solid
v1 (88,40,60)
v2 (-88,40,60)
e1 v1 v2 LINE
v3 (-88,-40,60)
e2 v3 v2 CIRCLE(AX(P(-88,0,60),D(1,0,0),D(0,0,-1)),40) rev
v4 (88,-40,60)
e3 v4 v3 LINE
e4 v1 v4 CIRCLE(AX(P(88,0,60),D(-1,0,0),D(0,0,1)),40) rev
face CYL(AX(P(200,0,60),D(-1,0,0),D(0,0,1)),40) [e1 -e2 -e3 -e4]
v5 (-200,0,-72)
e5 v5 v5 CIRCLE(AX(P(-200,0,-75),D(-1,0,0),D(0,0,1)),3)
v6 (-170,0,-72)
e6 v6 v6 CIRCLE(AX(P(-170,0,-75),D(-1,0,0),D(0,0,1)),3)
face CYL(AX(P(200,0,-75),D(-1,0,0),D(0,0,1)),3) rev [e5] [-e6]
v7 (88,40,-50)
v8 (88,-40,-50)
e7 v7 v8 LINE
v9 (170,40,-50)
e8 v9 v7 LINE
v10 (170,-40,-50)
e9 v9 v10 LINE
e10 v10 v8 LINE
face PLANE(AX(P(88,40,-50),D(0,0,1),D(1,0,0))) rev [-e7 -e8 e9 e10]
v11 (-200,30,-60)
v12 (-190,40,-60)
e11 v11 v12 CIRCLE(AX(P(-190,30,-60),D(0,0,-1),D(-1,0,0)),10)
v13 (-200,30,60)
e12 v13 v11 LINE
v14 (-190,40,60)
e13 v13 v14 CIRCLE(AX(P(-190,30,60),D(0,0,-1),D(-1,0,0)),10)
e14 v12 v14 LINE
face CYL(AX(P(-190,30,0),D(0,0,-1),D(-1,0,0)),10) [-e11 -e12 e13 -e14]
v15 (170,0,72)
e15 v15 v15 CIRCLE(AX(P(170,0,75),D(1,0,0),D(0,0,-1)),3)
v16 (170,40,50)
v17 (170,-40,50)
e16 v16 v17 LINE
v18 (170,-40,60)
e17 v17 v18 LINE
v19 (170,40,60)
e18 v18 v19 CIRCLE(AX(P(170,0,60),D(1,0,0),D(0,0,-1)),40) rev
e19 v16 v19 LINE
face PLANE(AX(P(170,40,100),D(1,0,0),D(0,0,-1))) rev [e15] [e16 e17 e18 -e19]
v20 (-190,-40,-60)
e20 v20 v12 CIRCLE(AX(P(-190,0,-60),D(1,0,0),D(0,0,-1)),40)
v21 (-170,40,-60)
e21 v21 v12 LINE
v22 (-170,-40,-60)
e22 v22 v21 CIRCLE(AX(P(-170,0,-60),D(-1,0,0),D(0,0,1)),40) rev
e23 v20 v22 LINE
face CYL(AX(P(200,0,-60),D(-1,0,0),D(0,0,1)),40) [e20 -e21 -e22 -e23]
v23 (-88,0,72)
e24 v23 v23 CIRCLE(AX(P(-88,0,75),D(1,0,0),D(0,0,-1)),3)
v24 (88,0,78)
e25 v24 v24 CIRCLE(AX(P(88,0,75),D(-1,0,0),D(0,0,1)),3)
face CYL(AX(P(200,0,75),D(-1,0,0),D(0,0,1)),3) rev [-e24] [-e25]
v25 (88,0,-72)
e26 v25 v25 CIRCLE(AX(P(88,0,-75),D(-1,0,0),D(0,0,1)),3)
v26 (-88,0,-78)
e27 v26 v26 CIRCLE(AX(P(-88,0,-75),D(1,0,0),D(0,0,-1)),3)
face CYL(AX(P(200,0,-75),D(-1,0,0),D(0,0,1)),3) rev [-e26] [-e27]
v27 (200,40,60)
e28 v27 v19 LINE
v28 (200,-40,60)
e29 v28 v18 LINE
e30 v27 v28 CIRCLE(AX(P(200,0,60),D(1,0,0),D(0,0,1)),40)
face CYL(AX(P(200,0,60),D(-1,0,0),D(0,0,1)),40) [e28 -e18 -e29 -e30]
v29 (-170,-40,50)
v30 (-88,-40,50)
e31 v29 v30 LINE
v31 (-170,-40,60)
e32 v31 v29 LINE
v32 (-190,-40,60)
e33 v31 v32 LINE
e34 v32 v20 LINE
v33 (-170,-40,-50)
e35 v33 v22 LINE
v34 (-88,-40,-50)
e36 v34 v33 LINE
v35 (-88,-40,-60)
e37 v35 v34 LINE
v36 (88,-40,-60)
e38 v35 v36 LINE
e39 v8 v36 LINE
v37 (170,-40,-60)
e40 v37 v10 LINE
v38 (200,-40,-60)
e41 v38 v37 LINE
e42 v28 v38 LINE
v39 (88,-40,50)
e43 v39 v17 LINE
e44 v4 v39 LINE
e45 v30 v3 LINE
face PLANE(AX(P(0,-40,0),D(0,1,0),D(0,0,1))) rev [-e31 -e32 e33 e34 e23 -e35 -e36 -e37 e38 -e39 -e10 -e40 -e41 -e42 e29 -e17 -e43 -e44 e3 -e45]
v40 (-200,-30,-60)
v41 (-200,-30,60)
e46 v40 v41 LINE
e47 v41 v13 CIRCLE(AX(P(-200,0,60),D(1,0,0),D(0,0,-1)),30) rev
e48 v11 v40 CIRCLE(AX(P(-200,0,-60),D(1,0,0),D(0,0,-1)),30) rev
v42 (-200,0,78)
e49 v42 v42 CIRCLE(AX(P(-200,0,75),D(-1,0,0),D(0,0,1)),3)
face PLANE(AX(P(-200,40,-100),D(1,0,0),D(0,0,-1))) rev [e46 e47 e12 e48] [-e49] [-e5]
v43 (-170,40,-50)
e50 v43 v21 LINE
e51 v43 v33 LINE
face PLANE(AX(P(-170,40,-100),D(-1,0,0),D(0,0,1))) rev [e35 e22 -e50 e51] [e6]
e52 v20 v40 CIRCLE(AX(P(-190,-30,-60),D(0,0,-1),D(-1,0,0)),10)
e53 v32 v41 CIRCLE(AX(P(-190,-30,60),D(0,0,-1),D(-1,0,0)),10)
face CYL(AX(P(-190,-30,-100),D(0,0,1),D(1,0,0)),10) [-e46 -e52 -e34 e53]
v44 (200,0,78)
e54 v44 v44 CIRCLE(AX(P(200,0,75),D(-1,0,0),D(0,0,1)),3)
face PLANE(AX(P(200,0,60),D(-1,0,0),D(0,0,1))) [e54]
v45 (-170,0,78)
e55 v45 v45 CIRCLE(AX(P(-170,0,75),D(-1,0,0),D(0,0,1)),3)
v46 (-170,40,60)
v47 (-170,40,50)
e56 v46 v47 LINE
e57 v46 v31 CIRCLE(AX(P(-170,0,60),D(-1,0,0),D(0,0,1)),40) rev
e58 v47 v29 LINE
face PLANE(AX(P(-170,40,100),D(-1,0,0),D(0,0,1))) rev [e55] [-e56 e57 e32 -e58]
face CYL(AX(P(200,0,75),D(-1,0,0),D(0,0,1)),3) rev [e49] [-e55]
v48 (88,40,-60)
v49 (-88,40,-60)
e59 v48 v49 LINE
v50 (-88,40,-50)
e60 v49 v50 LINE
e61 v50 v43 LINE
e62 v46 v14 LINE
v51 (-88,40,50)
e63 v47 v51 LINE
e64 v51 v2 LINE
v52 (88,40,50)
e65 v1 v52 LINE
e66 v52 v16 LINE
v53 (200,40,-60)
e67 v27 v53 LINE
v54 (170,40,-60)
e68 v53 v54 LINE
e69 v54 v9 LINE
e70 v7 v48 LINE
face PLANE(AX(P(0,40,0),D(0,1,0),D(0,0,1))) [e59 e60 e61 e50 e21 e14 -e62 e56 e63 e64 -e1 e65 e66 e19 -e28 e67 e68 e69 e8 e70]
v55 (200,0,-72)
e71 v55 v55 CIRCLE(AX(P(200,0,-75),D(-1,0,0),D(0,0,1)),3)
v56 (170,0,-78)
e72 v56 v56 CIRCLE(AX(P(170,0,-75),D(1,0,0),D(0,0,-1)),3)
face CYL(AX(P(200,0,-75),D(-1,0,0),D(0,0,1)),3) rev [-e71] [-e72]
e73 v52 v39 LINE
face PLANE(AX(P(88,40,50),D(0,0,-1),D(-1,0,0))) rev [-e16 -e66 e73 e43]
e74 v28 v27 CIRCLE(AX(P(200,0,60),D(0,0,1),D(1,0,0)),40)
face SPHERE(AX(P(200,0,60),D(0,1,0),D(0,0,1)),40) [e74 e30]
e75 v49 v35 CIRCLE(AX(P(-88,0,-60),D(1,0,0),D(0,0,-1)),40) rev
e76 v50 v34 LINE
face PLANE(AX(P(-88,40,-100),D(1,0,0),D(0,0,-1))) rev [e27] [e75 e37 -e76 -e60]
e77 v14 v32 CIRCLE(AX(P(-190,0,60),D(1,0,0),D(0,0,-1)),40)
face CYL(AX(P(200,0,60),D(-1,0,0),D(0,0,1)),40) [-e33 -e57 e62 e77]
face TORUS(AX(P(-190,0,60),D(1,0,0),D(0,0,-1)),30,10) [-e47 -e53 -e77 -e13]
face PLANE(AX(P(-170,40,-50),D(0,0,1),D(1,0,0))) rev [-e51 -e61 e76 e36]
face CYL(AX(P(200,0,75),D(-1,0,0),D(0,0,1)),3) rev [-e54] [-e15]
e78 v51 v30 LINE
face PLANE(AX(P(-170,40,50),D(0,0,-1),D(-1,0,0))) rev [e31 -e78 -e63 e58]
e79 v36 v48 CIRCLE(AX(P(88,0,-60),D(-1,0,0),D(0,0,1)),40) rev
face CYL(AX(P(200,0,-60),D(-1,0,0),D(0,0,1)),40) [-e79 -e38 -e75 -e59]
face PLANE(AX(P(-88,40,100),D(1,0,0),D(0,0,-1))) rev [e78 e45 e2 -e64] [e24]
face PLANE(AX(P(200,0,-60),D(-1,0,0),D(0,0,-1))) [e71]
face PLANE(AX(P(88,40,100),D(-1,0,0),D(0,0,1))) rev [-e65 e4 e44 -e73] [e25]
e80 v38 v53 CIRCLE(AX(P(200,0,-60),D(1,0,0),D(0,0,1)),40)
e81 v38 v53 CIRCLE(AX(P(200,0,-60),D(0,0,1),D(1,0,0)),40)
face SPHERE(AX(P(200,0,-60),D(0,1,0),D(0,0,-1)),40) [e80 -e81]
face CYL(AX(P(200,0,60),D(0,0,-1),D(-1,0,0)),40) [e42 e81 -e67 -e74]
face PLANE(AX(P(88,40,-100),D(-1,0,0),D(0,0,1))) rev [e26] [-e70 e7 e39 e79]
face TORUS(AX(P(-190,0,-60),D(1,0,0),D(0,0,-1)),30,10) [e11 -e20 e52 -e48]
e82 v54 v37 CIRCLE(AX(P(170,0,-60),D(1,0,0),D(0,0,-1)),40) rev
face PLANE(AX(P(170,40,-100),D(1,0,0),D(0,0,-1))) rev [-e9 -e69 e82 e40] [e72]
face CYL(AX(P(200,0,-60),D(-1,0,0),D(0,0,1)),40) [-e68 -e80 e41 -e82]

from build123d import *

# Parameters (mm, degrees)
BOSS_EXTRUDE1_DEPTH     = 40
CUT_EXTRUDE1_DEPTH      = 308.480080656
CUT_EXTRUDE1_DEPTH_BACK = 308.480080656
SKETCH2_R               = 3
CUT_EXTRUDE2_DEPTH      = 308.480080656
CUT_EXTRUDE2_DEPTH_BACK = 308.480080656
SKETCH3_R               = 3
CUT_EXTRUDE3_DEPTH      = 415.246303544
CUT_EXTRUDE3_DEPTH_BACK = 415.246303544
CUT_EXTRUDE4_DEPTH      = 415.246303544
CUT_EXTRUDE4_DEPTH_BACK = 415.246303544
BOSS_EXTRUDE3_DEPTH     = 60
REVOLVE1_ANGLE          = 90
FILLET1_R               = 10


with BuildPart() as part:
    # Sketch1 → Boss-Extrude1 (new, symmetric)
    with BuildSketch(Plane(origin=(0, 0, 0), x_dir=(1, 0, 0), z_dir=(0, 1, 0))):
        Polygon((-200, 100), (-170, 100), (-170, 50), (-88, 50), (-88, 100), (88, 100), (88, 50), (170, 50), (170, 100), (200, 100), (200, -100), (170, -100), (170, -50), (88, -50), (88, -100), (-88, -100), (-88, -50), (-170, -50), (-170, -100), (-200, -100), align=None)
    extrude(amount=BOSS_EXTRUDE1_DEPTH, both=True)

    # Sketch2 → Cut-Extrude1 (cut, two sides: drawn at the far end of the back side and taken through both)
    with BuildSketch(Plane.ZY.offset(88).offset(-CUT_EXTRUDE1_DEPTH_BACK)):
        with Locations((-75, 0)):
            Circle(SKETCH2_R)
    extrude(amount=CUT_EXTRUDE1_DEPTH + CUT_EXTRUDE1_DEPTH_BACK, mode=Mode.SUBTRACT)

    # Sketch3 → Cut-Extrude2 (cut, two sides: drawn at the far end of the back side and taken through both)
    with BuildSketch(Plane.ZY.offset(88).offset(-CUT_EXTRUDE2_DEPTH_BACK)):
        with Locations((75, 0)):
            Circle(SKETCH3_R)
    extrude(amount=CUT_EXTRUDE2_DEPTH + CUT_EXTRUDE2_DEPTH_BACK, mode=Mode.SUBTRACT)

    # Sketch4 → Cut-Extrude3 (cut, two sides: drawn at the far end of the back side and taken through both)
    with BuildSketch(Plane.ZY.offset(200).offset(-CUT_EXTRUDE3_DEPTH_BACK)):
        with BuildLine():
            Line((-60, -40), (-60, -70.289993794))
            Line((-60, -70.289993794), (-136.864216991, -70.289993794))
            Line((-136.864216991, -70.289993794), (-136.864216991, 63.942219024))
            Line((-136.864216991, 63.942219024), (-60, 63.942219024))
            Line((-60, 63.942219024), (-60, 40))
            ThreePointArc((-60, 40), (-100, 0), (-60, -40))
        make_face()
    extrude(amount=CUT_EXTRUDE3_DEPTH + CUT_EXTRUDE3_DEPTH_BACK, mode=Mode.SUBTRACT)

    # Sketch5 → Cut-Extrude4 (cut, two sides: drawn at the far end of the back side and taken through both)
    with BuildSketch(Plane.ZY.offset(200).offset(-CUT_EXTRUDE4_DEPTH_BACK)):
        with BuildLine():
            Line((60, -40), (60, -76.328121014))
            Line((60, -76.328121014), (141.05428579, -76.328121014))
            Line((141.05428579, -76.328121014), (141.05428579, 68.89657982))
            Line((141.05428579, 68.89657982), (60, 68.89657982))
            Line((60, 68.89657982), (60, 40))
            ThreePointArc((60, 40), (100, 0), (60, -40))
        make_face()
    extrude(amount=CUT_EXTRUDE4_DEPTH + CUT_EXTRUDE4_DEPTH_BACK, mode=Mode.SUBTRACT)

    # Sketch7 → Boss-Extrude3 (add, symmetric)
    with BuildSketch(Plane.XY):
        with BuildLine():
            Line((200, 40), (200, -40))
            ThreePointArc((200, -40), (240, 0), (200, 40))
        make_face()
    extrude(amount=BOSS_EXTRUDE3_DEPTH, both=True)

    # Sketch8 → Revolve1 (revolve)
    with BuildSketch(Plane.XY.offset(60)):
        with BuildLine():
            Line((200, 40), (200, -40))
            ThreePointArc((200, -40), (240, 0), (200, 40))
        make_face()
    revolve1 = revolve(axis=Axis((200, 40, 60), (0, -1, 0)), revolution_arc=REVOLVE1_ANGLE)

    # Mirror1: Revolve1 across plane
    add(revolve1.mirror(Plane.XY))

    # Fillet1
    fillet1_edges = [part.edges().sort_by_distance(p)[0] for p in [
        (-200, 0, 100),
        (-200, -40, 0),
        (-200, 40, 0),
        (-200, 0, -100),
    ]]
    fillet(fillet1_edges, radius=FILLET1_R)


solid = part.part
